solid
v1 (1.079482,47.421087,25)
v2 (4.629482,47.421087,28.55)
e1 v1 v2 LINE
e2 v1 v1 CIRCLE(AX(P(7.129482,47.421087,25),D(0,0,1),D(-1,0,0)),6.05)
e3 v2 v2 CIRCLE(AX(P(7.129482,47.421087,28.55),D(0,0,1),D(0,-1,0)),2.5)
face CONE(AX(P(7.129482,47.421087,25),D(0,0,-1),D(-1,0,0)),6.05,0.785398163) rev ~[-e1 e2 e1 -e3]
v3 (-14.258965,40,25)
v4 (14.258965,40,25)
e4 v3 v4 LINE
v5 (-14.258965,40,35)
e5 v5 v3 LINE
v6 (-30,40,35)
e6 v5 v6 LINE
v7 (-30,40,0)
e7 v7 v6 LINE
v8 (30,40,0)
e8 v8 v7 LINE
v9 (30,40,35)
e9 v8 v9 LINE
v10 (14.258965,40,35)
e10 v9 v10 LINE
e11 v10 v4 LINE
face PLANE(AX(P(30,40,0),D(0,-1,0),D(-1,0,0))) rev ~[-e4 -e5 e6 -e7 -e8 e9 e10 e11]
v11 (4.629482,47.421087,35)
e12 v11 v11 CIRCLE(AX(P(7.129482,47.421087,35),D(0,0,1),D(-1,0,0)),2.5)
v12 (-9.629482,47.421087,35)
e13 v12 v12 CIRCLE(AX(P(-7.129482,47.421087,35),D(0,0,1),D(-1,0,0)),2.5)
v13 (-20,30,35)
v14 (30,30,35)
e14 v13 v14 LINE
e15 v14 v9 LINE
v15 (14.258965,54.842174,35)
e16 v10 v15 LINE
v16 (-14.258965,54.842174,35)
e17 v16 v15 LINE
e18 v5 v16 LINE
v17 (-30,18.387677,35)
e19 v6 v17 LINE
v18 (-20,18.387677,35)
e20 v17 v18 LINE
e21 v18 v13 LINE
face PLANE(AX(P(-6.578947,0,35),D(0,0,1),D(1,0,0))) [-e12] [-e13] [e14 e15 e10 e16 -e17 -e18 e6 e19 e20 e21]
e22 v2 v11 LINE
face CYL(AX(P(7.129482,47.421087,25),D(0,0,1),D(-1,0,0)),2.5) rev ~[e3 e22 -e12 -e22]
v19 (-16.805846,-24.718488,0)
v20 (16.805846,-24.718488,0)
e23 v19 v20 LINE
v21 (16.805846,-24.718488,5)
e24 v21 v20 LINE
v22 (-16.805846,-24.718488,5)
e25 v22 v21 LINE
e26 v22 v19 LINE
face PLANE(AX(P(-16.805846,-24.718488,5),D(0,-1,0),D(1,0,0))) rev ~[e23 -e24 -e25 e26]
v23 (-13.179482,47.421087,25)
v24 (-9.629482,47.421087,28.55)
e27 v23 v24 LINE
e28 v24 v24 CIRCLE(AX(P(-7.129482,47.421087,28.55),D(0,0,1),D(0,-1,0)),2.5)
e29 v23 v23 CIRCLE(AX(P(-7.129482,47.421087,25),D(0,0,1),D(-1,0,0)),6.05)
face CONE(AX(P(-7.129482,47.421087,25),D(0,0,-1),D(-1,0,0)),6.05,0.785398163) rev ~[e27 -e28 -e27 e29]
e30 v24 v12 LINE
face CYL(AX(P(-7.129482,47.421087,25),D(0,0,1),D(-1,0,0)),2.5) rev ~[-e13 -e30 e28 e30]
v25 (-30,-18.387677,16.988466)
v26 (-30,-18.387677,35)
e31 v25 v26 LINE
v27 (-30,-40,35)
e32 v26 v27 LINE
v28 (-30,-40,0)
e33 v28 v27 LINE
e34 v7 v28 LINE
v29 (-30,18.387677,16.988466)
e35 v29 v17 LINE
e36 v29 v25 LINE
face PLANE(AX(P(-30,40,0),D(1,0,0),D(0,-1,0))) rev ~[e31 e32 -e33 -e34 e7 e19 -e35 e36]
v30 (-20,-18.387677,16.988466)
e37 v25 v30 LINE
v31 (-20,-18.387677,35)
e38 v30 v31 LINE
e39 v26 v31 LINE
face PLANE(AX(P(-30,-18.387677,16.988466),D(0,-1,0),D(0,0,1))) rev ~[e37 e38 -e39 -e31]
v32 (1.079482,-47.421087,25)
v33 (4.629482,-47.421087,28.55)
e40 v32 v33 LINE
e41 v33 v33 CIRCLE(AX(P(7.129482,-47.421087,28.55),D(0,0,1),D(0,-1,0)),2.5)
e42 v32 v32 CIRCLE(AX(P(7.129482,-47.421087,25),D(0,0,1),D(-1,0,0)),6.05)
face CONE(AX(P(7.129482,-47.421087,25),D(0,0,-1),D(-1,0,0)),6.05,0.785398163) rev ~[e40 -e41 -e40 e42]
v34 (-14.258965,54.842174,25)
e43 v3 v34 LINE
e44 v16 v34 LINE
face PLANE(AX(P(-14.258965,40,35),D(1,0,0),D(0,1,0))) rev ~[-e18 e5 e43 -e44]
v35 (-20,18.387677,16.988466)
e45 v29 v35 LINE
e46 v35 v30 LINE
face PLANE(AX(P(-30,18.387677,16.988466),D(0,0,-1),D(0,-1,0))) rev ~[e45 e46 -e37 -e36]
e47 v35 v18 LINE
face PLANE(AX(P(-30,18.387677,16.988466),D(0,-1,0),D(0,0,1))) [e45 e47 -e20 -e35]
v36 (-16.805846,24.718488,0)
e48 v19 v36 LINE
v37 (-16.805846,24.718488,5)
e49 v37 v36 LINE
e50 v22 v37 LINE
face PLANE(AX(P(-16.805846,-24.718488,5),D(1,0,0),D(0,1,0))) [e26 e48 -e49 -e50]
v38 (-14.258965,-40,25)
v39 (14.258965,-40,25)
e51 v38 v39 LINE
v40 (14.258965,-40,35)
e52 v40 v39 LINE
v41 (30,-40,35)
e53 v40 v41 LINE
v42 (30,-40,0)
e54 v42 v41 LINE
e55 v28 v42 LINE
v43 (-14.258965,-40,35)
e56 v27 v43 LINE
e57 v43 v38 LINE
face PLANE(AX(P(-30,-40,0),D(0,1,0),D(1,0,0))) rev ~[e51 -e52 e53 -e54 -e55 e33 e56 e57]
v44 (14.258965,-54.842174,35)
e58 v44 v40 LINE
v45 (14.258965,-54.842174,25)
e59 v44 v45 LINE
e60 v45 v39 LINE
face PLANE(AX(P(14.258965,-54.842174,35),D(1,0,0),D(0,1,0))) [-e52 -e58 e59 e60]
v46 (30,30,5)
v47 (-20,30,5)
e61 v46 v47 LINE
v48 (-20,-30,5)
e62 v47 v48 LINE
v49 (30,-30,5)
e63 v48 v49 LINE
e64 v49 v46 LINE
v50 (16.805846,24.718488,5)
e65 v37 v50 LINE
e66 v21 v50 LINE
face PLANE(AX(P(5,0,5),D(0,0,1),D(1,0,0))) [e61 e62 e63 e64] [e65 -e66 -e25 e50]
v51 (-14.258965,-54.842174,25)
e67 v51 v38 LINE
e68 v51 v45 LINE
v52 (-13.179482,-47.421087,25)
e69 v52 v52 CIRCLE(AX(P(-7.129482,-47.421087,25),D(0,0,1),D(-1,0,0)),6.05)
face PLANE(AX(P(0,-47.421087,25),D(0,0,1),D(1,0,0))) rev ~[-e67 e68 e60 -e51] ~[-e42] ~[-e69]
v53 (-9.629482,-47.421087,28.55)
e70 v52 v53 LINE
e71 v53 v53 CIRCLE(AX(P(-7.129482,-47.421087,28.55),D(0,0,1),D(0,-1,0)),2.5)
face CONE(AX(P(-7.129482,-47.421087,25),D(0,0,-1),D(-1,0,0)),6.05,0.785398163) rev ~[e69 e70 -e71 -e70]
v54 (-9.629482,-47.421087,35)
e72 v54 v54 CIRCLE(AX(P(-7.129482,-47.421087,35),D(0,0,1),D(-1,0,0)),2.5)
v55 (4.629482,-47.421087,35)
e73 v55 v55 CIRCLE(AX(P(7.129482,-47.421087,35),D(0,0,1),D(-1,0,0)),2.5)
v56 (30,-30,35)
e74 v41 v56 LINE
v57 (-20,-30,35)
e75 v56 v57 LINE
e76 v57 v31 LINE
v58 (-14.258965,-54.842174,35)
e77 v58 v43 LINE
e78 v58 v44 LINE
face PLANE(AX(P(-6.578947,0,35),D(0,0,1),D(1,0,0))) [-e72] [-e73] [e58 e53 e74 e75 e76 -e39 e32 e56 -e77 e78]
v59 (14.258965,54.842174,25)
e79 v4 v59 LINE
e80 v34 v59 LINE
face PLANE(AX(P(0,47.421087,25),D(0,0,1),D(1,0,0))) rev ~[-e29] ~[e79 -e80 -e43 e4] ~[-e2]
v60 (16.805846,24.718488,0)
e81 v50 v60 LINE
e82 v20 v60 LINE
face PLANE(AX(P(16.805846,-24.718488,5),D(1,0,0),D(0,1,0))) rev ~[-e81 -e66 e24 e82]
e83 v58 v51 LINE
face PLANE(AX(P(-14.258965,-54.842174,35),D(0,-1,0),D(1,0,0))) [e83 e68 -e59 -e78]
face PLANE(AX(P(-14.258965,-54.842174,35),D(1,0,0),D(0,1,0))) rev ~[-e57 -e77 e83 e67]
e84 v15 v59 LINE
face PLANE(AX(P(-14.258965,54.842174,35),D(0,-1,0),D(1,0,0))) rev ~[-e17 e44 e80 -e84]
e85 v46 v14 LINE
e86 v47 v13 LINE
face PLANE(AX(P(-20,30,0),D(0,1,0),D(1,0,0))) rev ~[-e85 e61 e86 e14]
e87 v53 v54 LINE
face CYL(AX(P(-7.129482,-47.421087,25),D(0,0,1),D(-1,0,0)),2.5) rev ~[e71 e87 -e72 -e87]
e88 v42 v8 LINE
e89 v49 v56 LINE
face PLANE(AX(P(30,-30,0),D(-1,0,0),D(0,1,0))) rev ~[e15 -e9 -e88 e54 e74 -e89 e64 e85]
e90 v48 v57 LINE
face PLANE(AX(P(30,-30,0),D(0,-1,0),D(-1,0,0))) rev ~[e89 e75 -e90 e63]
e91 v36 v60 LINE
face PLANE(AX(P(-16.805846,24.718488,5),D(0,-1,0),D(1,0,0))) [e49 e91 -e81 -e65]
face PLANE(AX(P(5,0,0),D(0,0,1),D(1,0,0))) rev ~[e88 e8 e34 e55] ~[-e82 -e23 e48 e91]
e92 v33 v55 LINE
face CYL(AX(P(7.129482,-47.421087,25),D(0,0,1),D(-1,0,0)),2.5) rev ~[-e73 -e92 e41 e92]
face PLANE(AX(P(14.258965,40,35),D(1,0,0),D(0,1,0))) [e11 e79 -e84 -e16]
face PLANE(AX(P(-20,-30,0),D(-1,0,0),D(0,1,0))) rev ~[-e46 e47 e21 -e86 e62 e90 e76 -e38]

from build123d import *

# Parameters (mm, degrees)
F1_DEPTH       = 35
F2_DEPTH       = 5
F3_W           = 33.611692
F3_H           = 49.436976
F4_DEPTH       = 25
F5_W           = 28.51793
F5_H           = 14.842174
F6_DEPTH       = 10
F9_D           = 5
F9_CSINK_D     = 12.1
F9_CSINK_ANGLE = 90
F10_W          = 36.775354
F10_H          = 36.023068
F11_DEPTH      = 25


with BuildPart() as f1:
    # F0 (on Top) → F1 (new body)
    with BuildSketch(Plane.XY):
        Polygon((-20, 30), (20, 30), (30, 30), (30, 40), (-30, 40), (-30, -40), (30, -40), (30, -30), (20, -30), (-20, -30), align=None)
    extrude(amount=F1_DEPTH)

    # F0 (on Top) → F2 (join)
    with BuildSketch(Plane.XY):
        Polygon((30, 30), (20, 30), (-20, 30), (-20, -30), (20, -30), (30, -30), align=None)
    extrude(amount=F2_DEPTH)

    # F3 (on face) → F4 (cut)
    with BuildSketch(Plane.XY.offset(5)):
        Rectangle(F3_W, F3_H)
    extrude(amount=-F4_DEPTH, mode=Mode.SUBTRACT)

    # F5 (on face) → F6 (join)
    with BuildSketch(Plane.XY.offset(35)):
        with Locations((0, -47.421087)):
            Rectangle(F5_W, F5_H)
        with Locations((0, 47.421087)):
            Rectangle(F5_W, F5_H)
    extrude(amount=-F6_DEPTH)

    # F9 (through all)
    with Locations(Plane(origin=(0, 0, 25), x_dir=(1, 0, 0), z_dir=(0, 0, -1))):
        with Locations((7.129482, 47.421087), (-7.129482, 47.421087), (-7.129482, -47.421087), (7.129482, -47.421087)):
            CounterSinkHole(F9_D / 2, F9_CSINK_D / 2, counter_sink_angle=F9_CSINK_ANGLE)

    # F10 (on face) → F11 (cut)
    with BuildSketch(Plane(origin=(-30, 0, 0), x_dir=(0, -1, 0), z_dir=(-1, 0, 0))):
        with Locations((0, 35)):
            Rectangle(F10_W, F10_H)
    extrude(amount=-F11_DEPTH, mode=Mode.SUBTRACT)


solid = f1.part
